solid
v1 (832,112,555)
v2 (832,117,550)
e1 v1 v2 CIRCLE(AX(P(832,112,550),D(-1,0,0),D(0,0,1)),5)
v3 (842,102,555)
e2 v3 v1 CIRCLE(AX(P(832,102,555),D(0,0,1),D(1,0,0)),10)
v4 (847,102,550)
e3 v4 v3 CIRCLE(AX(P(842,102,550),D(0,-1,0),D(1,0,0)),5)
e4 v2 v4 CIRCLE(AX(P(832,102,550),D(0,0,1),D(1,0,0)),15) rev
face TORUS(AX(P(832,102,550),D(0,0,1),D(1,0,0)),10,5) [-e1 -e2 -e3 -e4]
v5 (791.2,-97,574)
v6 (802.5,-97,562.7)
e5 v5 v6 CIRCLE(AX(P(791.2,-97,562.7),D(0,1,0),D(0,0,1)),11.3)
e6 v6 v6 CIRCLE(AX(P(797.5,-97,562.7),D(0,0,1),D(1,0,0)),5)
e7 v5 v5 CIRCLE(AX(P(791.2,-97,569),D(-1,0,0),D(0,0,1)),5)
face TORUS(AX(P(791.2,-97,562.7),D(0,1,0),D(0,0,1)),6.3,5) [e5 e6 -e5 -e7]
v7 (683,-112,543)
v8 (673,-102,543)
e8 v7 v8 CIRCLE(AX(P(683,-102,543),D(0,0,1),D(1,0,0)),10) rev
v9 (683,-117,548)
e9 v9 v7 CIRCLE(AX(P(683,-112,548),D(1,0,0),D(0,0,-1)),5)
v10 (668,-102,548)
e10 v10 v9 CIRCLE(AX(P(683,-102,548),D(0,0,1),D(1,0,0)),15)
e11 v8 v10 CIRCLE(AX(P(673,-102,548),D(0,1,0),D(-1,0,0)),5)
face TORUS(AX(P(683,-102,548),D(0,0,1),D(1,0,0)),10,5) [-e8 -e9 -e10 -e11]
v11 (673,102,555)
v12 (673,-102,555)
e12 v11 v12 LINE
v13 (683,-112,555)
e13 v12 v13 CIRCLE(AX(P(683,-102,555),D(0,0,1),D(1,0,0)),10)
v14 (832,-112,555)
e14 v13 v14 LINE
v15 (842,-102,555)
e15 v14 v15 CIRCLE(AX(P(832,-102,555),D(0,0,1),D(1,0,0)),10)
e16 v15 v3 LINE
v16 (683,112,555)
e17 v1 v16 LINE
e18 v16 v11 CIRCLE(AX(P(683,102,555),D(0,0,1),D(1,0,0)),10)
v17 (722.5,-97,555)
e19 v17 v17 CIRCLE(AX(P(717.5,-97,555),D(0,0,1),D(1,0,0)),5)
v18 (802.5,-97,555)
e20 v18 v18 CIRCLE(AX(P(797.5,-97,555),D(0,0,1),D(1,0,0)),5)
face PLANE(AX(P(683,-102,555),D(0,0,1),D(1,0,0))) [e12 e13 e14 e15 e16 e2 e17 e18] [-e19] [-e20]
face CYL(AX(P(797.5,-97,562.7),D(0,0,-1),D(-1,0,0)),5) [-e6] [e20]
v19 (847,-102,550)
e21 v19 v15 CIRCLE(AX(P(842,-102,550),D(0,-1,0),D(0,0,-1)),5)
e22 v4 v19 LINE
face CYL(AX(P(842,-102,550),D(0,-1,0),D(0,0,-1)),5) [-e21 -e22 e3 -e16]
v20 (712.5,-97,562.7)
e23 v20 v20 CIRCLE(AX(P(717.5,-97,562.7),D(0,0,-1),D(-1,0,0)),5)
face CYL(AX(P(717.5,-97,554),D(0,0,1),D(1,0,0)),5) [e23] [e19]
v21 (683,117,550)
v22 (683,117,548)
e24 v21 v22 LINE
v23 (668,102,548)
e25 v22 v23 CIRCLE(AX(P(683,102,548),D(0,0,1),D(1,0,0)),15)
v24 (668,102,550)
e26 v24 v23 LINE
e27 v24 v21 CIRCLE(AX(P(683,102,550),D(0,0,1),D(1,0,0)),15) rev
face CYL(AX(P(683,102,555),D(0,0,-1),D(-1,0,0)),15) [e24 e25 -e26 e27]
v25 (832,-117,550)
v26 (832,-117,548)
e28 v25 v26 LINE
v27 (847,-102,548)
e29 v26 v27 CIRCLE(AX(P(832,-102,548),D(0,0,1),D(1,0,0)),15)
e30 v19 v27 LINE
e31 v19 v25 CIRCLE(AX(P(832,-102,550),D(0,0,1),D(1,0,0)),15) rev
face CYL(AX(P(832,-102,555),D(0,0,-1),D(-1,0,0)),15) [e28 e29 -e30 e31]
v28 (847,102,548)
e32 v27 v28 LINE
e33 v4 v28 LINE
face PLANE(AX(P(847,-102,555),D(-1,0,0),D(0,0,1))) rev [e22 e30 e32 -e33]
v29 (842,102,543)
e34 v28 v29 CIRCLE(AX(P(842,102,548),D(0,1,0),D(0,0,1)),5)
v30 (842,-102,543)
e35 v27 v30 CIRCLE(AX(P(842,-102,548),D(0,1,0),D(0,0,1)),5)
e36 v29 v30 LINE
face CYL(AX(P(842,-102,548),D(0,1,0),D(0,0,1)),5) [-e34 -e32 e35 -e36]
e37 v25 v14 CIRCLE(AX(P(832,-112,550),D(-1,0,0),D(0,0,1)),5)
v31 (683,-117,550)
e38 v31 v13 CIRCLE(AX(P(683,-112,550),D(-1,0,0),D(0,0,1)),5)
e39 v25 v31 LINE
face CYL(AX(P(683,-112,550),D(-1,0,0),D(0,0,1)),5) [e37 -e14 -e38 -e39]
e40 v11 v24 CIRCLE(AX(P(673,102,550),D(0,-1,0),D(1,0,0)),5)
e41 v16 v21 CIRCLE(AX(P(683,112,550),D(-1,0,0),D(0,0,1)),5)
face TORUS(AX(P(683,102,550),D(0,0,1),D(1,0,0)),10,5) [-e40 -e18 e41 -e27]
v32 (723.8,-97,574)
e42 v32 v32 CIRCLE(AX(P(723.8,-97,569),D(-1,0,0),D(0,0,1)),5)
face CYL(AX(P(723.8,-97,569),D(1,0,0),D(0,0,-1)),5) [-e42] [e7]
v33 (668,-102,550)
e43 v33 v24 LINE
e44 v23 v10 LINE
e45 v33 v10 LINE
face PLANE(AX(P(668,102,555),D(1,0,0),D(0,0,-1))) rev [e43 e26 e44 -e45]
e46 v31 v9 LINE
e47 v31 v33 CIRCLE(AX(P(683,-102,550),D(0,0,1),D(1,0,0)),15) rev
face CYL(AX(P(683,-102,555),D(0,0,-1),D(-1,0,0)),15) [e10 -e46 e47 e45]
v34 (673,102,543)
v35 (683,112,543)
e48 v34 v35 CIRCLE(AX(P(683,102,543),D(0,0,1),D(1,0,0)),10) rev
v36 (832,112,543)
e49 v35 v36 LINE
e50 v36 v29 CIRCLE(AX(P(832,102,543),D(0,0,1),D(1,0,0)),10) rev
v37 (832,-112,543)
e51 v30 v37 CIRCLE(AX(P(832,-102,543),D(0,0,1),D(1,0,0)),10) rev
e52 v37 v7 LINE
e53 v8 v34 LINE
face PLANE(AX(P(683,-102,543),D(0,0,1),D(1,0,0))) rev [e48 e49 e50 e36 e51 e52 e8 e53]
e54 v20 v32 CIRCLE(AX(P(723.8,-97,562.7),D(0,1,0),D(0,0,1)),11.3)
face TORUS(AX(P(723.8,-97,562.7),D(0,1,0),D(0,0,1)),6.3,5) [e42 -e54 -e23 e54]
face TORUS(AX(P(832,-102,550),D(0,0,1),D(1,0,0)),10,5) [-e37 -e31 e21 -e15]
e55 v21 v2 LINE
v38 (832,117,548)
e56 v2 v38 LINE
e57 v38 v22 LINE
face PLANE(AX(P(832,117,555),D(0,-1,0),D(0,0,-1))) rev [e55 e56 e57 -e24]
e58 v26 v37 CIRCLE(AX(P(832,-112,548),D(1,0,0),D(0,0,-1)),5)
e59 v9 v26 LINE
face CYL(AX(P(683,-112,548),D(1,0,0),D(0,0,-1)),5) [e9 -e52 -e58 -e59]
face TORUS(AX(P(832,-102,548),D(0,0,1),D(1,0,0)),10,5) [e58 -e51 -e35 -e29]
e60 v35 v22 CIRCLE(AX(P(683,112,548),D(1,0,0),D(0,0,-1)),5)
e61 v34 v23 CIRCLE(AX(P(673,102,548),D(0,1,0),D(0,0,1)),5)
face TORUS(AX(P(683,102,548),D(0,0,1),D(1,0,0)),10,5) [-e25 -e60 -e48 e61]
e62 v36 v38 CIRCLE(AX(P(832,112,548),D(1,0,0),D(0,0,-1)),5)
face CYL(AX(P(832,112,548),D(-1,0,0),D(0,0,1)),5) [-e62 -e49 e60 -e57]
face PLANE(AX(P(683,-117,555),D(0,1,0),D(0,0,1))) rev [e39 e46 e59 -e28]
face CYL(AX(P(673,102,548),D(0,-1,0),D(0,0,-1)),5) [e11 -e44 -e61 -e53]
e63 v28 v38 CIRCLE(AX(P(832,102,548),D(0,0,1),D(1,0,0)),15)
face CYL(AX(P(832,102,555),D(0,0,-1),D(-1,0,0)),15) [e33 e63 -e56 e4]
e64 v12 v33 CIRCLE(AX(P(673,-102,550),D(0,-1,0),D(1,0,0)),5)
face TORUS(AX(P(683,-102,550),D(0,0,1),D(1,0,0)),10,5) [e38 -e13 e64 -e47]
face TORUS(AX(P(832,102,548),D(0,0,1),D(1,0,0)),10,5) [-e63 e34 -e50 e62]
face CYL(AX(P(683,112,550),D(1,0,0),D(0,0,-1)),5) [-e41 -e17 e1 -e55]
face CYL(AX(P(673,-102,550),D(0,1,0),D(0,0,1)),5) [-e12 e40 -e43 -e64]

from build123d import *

# Parameters (mm, degrees)
BLOCK_START           = 543
BLOCK_1_DEPTH         = 12
BLOCK_EDGE_FILLET_1_R = 5
PIPE_1_PROFILE_R      = 5


with BuildPart() as part:
    # Block sketch 1 → Block 1 (new body)
    with BuildSketch(Plane.XY.offset(BLOCK_START)):
        with BuildLine():
            Line((683, -117), (832, -117))
            ThreePointArc((832, -117), (842.606601718, -112.606601718), (847, -102))
            Line((847, -102), (847, 102))
            ThreePointArc((847, 102), (842.606601718, 112.606601718), (832, 117))
            Line((832, 117), (683, 117))
            ThreePointArc((683, 117), (672.393398282, 112.606601718), (668, 102))
            Line((668, 102), (668, -102))
            ThreePointArc((668, -102), (672.393398282, -112.606601718), (683, -117))
        make_face()
    extrude(amount=BLOCK_1_DEPTH)

    # Block edge fillet 1
    block_edge_fillet_1_edges = [part.edges().sort_by_distance(p)[0] for p in [
        (847, 0, 543),
        (842.606601718, -112.606601718, 543),
        (757.5, -117, 543),
        (672.393398282, -112.606601718, 543),
        (842.606601718, -112.606601718, 555),
        (847, 0, 555),
        (842.606601718, 112.606601718, 555),
        (757.5, 117, 555),
        (672.393398282, 112.606601718, 555),
        (668, 0, 555),
        (672.393398282, -112.606601718, 555),
        (668, 0, 543),
        (757.5, -117, 555),
        (672.393398282, 112.606601718, 543),
        (757.5, 117, 543),
        (842.606601718, 112.606601718, 543),
    ]]
    fillet(block_edge_fillet_1_edges, radius=BLOCK_EDGE_FILLET_1_R)


with BuildPart() as body_2:
    # Pipe 1: sweep along a curve in space
    with BuildLine() as pipe_1_path:
        Line((717.5, -97, 555), (717.5, -97, 562.7))
        ThreePointArc((717.5, -97, 562.7), (719.345227279, -97, 567.154772721), (723.8, -97, 569))
        Line((723.8, -97, 569), (791.2, -97, 569))
        ThreePointArc((791.2, -97, 569), (795.654772721, -97, 567.154772721), (797.5, -97, 562.7))
        Line((797.5, -97, 562.7), (797.5, -97, 555))
    # Pipe 1 profile (on start of the path) → Pipe 1 (sweep)
    with BuildSketch(Plane(origin=(717.5, -97, 555), x_dir=(1, 0, 0), z_dir=(0, 0, 1))):
        Circle(PIPE_1_PROFILE_R)
    sweep(path=pipe_1_path.line)

    # Combine (weld / assembly of features): union part
    add(part.part)


solid = body_2.part
